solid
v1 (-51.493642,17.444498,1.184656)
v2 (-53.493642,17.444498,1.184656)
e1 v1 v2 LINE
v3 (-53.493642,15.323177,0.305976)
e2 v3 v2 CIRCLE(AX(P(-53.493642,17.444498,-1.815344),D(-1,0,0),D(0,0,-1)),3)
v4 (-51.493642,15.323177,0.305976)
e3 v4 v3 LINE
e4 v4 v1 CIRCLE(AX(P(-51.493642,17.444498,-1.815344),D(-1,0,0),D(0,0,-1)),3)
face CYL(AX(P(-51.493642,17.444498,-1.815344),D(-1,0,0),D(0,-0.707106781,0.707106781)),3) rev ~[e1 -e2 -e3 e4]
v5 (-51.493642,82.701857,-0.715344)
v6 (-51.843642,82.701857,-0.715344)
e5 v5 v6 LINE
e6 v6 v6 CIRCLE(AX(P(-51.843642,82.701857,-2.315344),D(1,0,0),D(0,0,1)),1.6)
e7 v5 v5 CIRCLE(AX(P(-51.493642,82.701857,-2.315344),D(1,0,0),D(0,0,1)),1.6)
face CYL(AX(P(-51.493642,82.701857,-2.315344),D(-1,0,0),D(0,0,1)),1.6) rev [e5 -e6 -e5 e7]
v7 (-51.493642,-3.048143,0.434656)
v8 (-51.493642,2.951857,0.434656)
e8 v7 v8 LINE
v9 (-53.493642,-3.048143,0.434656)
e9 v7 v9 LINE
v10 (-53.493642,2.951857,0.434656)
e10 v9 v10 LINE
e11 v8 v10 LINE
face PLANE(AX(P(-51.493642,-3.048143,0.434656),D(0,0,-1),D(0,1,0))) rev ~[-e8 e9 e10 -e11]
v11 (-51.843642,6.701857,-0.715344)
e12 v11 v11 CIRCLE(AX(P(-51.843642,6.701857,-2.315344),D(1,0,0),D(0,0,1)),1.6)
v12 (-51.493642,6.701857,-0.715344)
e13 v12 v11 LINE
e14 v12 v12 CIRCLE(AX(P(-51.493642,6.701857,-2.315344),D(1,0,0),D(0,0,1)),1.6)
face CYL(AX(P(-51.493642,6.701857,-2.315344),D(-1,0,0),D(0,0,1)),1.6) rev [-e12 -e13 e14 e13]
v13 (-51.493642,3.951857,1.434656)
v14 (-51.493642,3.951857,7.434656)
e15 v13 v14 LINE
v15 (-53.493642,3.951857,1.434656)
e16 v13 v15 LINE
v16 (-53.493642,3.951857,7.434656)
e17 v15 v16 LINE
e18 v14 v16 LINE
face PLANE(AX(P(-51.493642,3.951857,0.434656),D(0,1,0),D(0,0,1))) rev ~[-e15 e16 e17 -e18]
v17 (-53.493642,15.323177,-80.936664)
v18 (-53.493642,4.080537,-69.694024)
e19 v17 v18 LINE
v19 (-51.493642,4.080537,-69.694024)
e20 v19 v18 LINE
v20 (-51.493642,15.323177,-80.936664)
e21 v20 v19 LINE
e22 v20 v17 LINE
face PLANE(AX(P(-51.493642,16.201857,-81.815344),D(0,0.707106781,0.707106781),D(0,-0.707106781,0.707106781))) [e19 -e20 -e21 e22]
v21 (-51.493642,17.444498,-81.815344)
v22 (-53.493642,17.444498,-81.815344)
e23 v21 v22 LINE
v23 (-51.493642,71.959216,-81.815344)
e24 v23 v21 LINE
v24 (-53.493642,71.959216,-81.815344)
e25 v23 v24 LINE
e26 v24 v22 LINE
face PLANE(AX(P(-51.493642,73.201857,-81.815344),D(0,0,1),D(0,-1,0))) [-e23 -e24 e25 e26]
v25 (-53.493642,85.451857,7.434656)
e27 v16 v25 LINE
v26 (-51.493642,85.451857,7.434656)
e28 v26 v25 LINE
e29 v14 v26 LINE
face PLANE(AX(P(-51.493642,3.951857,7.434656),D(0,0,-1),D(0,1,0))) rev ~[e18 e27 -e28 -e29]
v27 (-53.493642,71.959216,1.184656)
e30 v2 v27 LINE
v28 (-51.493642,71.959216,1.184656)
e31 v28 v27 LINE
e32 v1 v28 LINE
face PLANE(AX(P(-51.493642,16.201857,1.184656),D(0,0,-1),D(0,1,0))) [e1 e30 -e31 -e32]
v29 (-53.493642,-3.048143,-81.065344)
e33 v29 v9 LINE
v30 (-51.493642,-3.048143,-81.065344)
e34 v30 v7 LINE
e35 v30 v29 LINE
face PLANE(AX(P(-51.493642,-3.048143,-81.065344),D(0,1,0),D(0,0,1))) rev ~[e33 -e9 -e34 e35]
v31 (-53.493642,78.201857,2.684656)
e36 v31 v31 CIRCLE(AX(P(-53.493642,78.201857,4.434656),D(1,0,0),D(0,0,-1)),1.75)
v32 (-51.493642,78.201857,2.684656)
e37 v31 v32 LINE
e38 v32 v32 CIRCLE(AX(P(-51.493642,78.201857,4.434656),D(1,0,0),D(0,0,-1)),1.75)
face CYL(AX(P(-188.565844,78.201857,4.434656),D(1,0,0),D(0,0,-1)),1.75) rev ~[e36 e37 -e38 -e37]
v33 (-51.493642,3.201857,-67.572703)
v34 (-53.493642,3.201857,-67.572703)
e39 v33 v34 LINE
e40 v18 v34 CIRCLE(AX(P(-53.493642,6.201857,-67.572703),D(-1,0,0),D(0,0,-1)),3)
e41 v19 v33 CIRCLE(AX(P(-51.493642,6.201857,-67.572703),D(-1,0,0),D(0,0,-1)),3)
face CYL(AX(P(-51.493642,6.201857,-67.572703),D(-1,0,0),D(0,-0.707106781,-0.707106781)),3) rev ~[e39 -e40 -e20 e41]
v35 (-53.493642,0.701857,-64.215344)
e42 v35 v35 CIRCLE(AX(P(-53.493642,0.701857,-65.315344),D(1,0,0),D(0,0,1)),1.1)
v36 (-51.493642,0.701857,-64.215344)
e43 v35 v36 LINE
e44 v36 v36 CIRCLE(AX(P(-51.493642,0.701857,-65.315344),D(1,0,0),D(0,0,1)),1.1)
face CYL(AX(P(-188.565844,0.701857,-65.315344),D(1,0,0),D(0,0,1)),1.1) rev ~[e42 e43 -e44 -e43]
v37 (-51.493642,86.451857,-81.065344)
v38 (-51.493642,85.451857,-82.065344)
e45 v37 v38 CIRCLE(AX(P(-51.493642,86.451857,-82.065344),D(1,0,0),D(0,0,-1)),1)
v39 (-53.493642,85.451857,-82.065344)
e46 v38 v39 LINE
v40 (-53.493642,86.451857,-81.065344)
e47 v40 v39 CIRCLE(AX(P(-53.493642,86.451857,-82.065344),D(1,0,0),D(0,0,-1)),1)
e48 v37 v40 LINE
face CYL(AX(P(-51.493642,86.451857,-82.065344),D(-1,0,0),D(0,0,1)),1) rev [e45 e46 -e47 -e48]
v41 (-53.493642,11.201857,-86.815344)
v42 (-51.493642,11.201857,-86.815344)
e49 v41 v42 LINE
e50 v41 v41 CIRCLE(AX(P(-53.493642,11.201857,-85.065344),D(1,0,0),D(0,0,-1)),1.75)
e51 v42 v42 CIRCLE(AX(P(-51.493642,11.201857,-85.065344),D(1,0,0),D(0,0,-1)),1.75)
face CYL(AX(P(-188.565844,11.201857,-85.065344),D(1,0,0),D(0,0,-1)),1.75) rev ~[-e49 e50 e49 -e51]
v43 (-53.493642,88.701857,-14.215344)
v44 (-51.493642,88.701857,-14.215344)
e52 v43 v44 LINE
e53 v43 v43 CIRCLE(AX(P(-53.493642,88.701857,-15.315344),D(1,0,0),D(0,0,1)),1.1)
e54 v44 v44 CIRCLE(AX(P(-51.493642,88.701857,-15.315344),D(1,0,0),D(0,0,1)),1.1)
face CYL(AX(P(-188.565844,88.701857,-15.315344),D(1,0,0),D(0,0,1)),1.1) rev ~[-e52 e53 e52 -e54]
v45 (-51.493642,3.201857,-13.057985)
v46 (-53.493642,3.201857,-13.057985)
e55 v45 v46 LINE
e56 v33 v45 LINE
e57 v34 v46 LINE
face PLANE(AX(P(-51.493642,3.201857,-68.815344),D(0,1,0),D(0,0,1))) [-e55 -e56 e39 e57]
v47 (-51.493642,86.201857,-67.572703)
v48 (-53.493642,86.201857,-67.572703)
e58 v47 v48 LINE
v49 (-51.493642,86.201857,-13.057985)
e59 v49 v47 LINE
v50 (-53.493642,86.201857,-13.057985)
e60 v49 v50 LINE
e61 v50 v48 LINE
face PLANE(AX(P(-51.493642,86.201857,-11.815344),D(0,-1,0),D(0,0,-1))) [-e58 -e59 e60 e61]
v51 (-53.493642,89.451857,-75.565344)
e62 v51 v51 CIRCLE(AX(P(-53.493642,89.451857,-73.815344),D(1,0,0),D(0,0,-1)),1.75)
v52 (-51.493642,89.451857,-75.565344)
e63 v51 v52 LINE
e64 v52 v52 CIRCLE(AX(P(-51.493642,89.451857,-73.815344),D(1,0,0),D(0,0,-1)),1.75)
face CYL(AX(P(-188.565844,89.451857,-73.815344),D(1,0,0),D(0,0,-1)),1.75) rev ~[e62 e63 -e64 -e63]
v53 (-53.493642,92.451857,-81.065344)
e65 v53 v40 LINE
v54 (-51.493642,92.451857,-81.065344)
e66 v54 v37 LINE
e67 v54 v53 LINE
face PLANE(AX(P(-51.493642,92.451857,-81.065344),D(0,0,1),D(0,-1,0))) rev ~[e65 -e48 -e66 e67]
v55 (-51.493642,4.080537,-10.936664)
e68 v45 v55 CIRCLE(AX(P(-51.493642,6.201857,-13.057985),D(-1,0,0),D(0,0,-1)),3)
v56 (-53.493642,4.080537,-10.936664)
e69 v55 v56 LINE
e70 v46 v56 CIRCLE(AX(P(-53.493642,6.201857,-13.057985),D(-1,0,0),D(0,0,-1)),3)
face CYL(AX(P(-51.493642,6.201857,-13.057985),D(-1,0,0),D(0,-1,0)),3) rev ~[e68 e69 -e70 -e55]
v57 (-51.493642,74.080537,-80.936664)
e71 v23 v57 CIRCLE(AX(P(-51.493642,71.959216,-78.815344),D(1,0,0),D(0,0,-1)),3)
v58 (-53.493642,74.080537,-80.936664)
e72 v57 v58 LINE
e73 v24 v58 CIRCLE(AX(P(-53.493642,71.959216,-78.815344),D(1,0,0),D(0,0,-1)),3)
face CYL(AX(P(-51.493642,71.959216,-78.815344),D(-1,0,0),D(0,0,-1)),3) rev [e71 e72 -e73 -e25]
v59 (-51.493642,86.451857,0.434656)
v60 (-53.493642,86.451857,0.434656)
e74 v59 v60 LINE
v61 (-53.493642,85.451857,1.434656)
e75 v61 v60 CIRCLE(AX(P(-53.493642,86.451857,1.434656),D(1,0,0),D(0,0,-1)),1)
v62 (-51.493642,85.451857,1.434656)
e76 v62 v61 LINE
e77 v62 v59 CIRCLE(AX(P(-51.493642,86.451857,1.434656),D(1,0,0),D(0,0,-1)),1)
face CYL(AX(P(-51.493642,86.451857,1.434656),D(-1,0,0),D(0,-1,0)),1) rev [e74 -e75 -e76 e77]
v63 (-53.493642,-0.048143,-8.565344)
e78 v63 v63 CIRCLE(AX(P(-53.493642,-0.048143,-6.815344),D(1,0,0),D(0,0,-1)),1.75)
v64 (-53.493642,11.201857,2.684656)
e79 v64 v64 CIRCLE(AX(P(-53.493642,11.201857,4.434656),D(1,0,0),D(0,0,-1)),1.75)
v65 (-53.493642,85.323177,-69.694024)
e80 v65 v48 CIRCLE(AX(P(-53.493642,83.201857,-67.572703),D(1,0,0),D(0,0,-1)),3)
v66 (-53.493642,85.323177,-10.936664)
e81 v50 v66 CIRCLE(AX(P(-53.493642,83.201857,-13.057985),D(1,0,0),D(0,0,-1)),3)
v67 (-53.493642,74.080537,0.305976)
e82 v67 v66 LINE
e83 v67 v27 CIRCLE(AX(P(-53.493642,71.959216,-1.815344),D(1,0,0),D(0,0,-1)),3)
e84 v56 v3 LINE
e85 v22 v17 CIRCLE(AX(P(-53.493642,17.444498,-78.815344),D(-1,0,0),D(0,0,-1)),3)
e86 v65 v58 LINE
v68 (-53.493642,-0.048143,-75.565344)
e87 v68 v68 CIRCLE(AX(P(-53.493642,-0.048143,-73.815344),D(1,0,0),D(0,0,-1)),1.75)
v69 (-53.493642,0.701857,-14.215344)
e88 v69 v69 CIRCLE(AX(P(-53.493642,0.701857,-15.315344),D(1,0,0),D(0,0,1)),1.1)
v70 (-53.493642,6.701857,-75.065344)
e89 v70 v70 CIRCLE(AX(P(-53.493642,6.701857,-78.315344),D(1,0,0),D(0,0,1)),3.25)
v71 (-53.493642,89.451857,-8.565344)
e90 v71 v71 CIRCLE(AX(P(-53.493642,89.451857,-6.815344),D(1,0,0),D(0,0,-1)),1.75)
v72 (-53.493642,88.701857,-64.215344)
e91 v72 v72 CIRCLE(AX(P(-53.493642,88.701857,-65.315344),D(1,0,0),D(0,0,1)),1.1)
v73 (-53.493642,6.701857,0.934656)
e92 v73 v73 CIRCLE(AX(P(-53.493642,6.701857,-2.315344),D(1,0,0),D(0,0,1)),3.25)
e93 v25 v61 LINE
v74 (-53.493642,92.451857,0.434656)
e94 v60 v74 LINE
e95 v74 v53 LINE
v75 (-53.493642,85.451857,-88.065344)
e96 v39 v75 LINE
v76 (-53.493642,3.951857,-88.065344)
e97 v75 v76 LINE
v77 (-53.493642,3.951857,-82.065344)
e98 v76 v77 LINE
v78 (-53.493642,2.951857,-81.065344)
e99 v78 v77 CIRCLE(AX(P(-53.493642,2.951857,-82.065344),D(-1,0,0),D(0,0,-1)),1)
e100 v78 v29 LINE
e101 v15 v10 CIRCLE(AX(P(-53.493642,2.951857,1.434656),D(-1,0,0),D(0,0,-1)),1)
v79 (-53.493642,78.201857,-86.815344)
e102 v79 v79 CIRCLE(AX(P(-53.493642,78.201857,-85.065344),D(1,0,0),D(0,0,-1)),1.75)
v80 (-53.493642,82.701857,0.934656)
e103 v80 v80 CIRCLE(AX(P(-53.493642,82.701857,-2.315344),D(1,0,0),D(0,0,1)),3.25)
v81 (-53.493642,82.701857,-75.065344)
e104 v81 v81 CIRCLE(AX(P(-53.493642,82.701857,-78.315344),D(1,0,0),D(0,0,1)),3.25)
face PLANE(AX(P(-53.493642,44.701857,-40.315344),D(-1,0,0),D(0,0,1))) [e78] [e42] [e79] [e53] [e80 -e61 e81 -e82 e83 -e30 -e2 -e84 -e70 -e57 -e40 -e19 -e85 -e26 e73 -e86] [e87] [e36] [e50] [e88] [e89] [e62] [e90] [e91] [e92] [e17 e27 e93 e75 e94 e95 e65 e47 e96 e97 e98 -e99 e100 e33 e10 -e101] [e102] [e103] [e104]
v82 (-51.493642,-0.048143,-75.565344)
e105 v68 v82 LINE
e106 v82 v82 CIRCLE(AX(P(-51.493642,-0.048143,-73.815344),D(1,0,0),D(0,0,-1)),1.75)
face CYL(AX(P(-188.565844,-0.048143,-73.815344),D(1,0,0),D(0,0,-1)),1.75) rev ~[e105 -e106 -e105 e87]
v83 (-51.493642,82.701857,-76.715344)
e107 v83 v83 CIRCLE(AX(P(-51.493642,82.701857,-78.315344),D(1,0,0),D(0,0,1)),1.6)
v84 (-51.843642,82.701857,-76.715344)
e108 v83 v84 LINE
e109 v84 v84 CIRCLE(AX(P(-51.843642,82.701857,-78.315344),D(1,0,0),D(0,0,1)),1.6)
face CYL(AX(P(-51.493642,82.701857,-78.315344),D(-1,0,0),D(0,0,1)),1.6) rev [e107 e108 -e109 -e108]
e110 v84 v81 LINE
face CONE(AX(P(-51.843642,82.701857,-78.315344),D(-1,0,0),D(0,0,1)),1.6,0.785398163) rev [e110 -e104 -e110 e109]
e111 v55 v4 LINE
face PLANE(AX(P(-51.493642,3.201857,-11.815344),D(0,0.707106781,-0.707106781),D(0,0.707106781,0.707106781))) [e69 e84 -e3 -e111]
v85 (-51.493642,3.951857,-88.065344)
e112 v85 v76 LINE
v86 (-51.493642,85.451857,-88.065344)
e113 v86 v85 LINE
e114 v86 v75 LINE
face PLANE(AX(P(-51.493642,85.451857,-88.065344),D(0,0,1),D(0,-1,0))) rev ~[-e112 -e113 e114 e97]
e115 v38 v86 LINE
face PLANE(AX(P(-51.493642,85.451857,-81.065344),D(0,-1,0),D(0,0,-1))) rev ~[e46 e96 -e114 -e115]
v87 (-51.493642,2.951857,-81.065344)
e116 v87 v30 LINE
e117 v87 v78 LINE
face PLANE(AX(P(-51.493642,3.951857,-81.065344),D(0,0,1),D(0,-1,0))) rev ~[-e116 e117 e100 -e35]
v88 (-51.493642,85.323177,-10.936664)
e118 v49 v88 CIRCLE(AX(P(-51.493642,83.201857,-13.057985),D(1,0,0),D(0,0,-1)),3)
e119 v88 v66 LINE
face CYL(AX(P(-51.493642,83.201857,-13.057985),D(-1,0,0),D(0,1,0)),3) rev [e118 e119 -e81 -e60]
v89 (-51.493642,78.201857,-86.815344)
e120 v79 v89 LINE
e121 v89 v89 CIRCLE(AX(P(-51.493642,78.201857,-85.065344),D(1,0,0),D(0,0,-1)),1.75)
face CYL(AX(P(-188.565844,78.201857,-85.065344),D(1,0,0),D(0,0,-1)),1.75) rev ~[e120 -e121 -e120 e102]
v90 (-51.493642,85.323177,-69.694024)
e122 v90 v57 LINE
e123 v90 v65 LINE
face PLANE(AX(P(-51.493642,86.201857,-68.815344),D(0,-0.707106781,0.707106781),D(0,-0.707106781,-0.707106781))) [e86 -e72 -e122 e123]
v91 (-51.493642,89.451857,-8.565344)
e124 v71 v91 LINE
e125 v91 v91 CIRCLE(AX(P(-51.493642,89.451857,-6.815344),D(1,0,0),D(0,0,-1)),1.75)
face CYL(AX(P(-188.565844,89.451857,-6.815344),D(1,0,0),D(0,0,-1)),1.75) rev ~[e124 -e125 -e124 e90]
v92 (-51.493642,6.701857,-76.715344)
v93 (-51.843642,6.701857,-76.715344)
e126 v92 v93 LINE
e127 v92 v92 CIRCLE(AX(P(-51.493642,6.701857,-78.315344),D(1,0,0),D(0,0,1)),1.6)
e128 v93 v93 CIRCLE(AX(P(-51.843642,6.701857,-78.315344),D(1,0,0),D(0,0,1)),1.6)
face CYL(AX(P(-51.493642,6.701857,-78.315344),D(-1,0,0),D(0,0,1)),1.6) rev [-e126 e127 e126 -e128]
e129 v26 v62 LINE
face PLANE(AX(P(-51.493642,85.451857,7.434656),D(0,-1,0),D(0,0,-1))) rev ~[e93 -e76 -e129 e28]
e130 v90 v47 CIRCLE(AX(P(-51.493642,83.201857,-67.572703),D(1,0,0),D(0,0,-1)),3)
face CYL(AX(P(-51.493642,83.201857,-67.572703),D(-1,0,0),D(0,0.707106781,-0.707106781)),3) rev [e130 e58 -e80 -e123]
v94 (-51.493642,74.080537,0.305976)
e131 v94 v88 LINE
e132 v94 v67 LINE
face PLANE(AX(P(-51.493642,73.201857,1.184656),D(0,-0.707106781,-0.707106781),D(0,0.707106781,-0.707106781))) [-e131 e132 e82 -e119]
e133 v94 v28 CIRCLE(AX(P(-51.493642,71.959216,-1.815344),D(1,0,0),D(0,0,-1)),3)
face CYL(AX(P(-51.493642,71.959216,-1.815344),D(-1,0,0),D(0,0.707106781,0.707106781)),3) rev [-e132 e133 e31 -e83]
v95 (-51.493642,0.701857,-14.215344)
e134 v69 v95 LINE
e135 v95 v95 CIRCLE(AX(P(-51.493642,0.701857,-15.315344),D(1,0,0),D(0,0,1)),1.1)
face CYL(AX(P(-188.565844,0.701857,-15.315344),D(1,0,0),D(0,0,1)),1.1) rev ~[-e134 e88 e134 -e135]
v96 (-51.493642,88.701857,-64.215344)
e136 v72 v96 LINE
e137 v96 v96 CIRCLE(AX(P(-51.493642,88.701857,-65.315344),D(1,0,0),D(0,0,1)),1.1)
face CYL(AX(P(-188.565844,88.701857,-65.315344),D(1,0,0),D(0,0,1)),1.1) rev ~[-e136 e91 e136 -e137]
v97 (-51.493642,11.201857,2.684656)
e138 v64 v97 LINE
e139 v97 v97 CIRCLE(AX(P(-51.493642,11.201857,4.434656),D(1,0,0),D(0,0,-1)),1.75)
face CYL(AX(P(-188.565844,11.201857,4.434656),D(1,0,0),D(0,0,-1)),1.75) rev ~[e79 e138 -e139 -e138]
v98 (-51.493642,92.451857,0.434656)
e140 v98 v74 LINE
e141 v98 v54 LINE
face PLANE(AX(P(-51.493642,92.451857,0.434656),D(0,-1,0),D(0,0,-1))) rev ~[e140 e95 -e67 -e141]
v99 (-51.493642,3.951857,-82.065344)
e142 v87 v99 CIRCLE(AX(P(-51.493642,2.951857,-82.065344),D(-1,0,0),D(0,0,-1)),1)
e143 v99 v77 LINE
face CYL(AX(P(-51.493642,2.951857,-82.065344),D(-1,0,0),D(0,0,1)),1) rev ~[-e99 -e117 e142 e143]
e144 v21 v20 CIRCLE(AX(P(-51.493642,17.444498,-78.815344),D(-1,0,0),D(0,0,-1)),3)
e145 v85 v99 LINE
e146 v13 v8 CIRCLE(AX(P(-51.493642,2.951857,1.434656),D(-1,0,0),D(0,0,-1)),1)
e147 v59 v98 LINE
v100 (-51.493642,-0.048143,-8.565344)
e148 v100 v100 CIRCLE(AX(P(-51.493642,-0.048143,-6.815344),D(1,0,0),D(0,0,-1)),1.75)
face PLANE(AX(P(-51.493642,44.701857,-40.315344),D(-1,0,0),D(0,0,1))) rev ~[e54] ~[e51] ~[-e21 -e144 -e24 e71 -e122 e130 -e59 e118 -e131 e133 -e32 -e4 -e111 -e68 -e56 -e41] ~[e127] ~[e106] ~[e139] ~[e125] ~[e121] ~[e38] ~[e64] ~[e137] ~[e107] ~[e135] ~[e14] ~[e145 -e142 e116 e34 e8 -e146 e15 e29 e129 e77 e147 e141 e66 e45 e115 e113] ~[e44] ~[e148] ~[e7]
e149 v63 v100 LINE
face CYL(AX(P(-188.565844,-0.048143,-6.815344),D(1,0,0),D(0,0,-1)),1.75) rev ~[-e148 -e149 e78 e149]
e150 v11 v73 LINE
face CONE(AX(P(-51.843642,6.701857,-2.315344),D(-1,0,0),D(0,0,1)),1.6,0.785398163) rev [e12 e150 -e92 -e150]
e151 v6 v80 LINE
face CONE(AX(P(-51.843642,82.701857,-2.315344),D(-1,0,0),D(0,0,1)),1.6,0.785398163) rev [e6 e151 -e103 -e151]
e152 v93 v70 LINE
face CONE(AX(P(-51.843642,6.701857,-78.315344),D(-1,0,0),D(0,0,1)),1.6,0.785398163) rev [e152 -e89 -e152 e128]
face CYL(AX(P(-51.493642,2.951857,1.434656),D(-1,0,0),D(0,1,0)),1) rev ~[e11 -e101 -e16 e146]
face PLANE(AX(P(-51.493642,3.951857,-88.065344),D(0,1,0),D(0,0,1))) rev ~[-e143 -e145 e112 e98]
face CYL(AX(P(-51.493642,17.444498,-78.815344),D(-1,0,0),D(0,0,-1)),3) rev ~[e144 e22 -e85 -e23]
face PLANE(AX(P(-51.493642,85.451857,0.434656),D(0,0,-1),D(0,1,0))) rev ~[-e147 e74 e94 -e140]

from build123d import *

# Parameters (mm, degrees)
BOSS_EXTRUDE2_DEPTH                          = 2
F_3_5_3_5_DIAMETER_HOLE1_D                   = 3.5
CSK_FOR_M3_FLAT_COUNTERSUNK_HEAD_SCR_2_COUNT = 2
CSK_FOR_M3_FLAT_COUNTERSUNK_HEAD_SCR_2_PITCH = 76
CSK_FOR_M3_FLAT_COUNTERSUNK_HEAD_SCR_3_COUNT = 2
CSK_FOR_M3_FLAT_COUNTERSUNK_HEAD_SCR_3_PITCH = 107.48023074
CSK_FOR_M3_FLAT_COUNTERSUNK_HEAD_SCR_4_COUNT = 2
CSK_FOR_M3_FLAT_COUNTERSUNK_HEAD_SCR_4_PITCH = 76
F_2_2_2_2_DIAMETER_HOLE1_D                   = 2.2
FILLET1_R                                    = 3
FILLET2_R                                    = 1


with BuildPart() as part:
    # Sketch2 → Boss-Extrude2 (new body)
    with BuildSketch(Plane.ZY.offset(51.493641502)):
        Polygon((0.43465612, 3.95185693), (7.43465612, 3.95185693), (7.43465612, 85.45185693), (0.43465612, 85.45185693), (0.43465612, 92.45185693), (-81.06534388, 92.45185693), (-81.06534388, 85.45185693), (-88.06534388, 85.45185693), (-88.06534388, 3.95185693), (-81.06534388, 3.95185693), (-81.06534388, -3.04814307), (0.43465612, -3.04814307), align=None)
        Polygon((-81.81534388, 73.20185693), (-81.81534388, 16.20185693), (-68.81534388, 3.20185693), (-11.81534388, 3.20185693), (1.18465612, 16.20185693), (1.18465612, 73.20185693), (-11.81534388, 86.20185693), (-68.81534388, 86.20185693), align=None, mode=Mode.SUBTRACT)
    extrude(amount=BOSS_EXTRUDE2_DEPTH)

    # Ø3.5 (3.5) Diameter Hole1 (through all)
    with Locations(Plane.ZY.offset(53.493641502)):
        with Locations((-73.81534388, -0.04814307), (-85.06534388, 11.20185693), (-85.06534388, 78.20185693), (-73.81534388, 89.45185693), (-6.81534388, 89.45185693), (4.43465612, 78.20185693), (4.43465612, 11.20185693), (-6.81534388, -0.04814307)):
            Hole(F_3_5_3_5_DIAMETER_HOLE1_D / 2)

    # Sketch24 → CSK for M3 Flat Countersunk Head Screw5 (revolve, cut)
    with BuildSketch(Plane(origin=(-53.493641502, 6.70185693, -78.31534388), x_dir=(0, 0, 1), z_dir=(0, 1, 0))):
        Polygon((0, 0), (0, 2), (1.6, 2), (1.6, 1.65), (3.25, 0), align=None)
    csk_for_m3_flat_countersunk_head_screw5 = revolve(axis=Axis((-59.843641502, 6.70185693, -78.31534388), (1, 0, 0)), mode=Mode.SUBTRACT)

    # CSK for M3 Flat Countersunk Head Scr 2: CSK for M3 Flat Countersunk Head Screw5 ×2
    with Locations(*[(0, i * CSK_FOR_M3_FLAT_COUNTERSUNK_HEAD_SCR_2_PITCH, 0) for i in range(1, CSK_FOR_M3_FLAT_COUNTERSUNK_HEAD_SCR_2_COUNT)]):
        add(csk_for_m3_flat_countersunk_head_screw5, mode=Mode.SUBTRACT)

    # CSK for M3 Flat Countersunk Head Scr 3: CSK for M3 Flat Countersunk Head Screw5 ×2
    with Locations(*[Vector(0, 0.7071067811865478, 0.7071067811865472) * (i * CSK_FOR_M3_FLAT_COUNTERSUNK_HEAD_SCR_3_PITCH) for i in range(1, CSK_FOR_M3_FLAT_COUNTERSUNK_HEAD_SCR_3_COUNT)]):
        add(csk_for_m3_flat_countersunk_head_screw5, mode=Mode.SUBTRACT)

    # CSK for M3 Flat Countersunk Head Scr 4: CSK for M3 Flat Countersunk Head Screw5 ×2
    with Locations(*[(0, 0, i * CSK_FOR_M3_FLAT_COUNTERSUNK_HEAD_SCR_4_PITCH) for i in range(1, CSK_FOR_M3_FLAT_COUNTERSUNK_HEAD_SCR_4_COUNT)]):
        add(csk_for_m3_flat_countersunk_head_screw5, mode=Mode.SUBTRACT)

    # Ø2.2 (2.2) Diameter Hole1 (through all)
    with Locations(Plane(origin=(-53.493641502, 88.70185693, -65.31534388), x_dir=(0, 0, -1), z_dir=(-1, 0, 0))):
        with Locations((0, 0), (-50, 0), (0, 88), (-50, 88)):
            Hole(F_2_2_2_2_DIAMETER_HOLE1_D / 2)

    # Fillet1
    fillet1_edges = [part.edges().sort_by_distance(p)[0] for p in [
        (-52.493641502, 86.20185693, -68.81534388),
        (-52.493641502, 73.20185693, -81.81534388),
        (-52.493641502, 16.20185693, -81.81534388),
        (-52.493641502, 3.20185693, -68.81534388),
        (-52.493641502, 3.20185693, -11.81534388),
        (-52.493641502, 16.20185693, 1.18465612),
        (-52.493641502, 73.20185693, 1.18465612),
        (-52.493641502, 86.20185693, -11.81534388),
    ]]
    fillet(fillet1_edges, radius=FILLET1_R)

    # Fillet2
    fillet2_edges = [part.edges().sort_by_distance(p)[0] for p in [
        (-52.493641502, 3.95185693, -81.06534388),
        (-52.493641502, 85.45185693, -81.06534388),
        (-52.493641502, 85.45185693, 0.43465612),
        (-52.493641502, 3.95185693, 0.43465612),
    ]]
    fillet(fillet2_edges, radius=FILLET2_R)


solid = part.part
